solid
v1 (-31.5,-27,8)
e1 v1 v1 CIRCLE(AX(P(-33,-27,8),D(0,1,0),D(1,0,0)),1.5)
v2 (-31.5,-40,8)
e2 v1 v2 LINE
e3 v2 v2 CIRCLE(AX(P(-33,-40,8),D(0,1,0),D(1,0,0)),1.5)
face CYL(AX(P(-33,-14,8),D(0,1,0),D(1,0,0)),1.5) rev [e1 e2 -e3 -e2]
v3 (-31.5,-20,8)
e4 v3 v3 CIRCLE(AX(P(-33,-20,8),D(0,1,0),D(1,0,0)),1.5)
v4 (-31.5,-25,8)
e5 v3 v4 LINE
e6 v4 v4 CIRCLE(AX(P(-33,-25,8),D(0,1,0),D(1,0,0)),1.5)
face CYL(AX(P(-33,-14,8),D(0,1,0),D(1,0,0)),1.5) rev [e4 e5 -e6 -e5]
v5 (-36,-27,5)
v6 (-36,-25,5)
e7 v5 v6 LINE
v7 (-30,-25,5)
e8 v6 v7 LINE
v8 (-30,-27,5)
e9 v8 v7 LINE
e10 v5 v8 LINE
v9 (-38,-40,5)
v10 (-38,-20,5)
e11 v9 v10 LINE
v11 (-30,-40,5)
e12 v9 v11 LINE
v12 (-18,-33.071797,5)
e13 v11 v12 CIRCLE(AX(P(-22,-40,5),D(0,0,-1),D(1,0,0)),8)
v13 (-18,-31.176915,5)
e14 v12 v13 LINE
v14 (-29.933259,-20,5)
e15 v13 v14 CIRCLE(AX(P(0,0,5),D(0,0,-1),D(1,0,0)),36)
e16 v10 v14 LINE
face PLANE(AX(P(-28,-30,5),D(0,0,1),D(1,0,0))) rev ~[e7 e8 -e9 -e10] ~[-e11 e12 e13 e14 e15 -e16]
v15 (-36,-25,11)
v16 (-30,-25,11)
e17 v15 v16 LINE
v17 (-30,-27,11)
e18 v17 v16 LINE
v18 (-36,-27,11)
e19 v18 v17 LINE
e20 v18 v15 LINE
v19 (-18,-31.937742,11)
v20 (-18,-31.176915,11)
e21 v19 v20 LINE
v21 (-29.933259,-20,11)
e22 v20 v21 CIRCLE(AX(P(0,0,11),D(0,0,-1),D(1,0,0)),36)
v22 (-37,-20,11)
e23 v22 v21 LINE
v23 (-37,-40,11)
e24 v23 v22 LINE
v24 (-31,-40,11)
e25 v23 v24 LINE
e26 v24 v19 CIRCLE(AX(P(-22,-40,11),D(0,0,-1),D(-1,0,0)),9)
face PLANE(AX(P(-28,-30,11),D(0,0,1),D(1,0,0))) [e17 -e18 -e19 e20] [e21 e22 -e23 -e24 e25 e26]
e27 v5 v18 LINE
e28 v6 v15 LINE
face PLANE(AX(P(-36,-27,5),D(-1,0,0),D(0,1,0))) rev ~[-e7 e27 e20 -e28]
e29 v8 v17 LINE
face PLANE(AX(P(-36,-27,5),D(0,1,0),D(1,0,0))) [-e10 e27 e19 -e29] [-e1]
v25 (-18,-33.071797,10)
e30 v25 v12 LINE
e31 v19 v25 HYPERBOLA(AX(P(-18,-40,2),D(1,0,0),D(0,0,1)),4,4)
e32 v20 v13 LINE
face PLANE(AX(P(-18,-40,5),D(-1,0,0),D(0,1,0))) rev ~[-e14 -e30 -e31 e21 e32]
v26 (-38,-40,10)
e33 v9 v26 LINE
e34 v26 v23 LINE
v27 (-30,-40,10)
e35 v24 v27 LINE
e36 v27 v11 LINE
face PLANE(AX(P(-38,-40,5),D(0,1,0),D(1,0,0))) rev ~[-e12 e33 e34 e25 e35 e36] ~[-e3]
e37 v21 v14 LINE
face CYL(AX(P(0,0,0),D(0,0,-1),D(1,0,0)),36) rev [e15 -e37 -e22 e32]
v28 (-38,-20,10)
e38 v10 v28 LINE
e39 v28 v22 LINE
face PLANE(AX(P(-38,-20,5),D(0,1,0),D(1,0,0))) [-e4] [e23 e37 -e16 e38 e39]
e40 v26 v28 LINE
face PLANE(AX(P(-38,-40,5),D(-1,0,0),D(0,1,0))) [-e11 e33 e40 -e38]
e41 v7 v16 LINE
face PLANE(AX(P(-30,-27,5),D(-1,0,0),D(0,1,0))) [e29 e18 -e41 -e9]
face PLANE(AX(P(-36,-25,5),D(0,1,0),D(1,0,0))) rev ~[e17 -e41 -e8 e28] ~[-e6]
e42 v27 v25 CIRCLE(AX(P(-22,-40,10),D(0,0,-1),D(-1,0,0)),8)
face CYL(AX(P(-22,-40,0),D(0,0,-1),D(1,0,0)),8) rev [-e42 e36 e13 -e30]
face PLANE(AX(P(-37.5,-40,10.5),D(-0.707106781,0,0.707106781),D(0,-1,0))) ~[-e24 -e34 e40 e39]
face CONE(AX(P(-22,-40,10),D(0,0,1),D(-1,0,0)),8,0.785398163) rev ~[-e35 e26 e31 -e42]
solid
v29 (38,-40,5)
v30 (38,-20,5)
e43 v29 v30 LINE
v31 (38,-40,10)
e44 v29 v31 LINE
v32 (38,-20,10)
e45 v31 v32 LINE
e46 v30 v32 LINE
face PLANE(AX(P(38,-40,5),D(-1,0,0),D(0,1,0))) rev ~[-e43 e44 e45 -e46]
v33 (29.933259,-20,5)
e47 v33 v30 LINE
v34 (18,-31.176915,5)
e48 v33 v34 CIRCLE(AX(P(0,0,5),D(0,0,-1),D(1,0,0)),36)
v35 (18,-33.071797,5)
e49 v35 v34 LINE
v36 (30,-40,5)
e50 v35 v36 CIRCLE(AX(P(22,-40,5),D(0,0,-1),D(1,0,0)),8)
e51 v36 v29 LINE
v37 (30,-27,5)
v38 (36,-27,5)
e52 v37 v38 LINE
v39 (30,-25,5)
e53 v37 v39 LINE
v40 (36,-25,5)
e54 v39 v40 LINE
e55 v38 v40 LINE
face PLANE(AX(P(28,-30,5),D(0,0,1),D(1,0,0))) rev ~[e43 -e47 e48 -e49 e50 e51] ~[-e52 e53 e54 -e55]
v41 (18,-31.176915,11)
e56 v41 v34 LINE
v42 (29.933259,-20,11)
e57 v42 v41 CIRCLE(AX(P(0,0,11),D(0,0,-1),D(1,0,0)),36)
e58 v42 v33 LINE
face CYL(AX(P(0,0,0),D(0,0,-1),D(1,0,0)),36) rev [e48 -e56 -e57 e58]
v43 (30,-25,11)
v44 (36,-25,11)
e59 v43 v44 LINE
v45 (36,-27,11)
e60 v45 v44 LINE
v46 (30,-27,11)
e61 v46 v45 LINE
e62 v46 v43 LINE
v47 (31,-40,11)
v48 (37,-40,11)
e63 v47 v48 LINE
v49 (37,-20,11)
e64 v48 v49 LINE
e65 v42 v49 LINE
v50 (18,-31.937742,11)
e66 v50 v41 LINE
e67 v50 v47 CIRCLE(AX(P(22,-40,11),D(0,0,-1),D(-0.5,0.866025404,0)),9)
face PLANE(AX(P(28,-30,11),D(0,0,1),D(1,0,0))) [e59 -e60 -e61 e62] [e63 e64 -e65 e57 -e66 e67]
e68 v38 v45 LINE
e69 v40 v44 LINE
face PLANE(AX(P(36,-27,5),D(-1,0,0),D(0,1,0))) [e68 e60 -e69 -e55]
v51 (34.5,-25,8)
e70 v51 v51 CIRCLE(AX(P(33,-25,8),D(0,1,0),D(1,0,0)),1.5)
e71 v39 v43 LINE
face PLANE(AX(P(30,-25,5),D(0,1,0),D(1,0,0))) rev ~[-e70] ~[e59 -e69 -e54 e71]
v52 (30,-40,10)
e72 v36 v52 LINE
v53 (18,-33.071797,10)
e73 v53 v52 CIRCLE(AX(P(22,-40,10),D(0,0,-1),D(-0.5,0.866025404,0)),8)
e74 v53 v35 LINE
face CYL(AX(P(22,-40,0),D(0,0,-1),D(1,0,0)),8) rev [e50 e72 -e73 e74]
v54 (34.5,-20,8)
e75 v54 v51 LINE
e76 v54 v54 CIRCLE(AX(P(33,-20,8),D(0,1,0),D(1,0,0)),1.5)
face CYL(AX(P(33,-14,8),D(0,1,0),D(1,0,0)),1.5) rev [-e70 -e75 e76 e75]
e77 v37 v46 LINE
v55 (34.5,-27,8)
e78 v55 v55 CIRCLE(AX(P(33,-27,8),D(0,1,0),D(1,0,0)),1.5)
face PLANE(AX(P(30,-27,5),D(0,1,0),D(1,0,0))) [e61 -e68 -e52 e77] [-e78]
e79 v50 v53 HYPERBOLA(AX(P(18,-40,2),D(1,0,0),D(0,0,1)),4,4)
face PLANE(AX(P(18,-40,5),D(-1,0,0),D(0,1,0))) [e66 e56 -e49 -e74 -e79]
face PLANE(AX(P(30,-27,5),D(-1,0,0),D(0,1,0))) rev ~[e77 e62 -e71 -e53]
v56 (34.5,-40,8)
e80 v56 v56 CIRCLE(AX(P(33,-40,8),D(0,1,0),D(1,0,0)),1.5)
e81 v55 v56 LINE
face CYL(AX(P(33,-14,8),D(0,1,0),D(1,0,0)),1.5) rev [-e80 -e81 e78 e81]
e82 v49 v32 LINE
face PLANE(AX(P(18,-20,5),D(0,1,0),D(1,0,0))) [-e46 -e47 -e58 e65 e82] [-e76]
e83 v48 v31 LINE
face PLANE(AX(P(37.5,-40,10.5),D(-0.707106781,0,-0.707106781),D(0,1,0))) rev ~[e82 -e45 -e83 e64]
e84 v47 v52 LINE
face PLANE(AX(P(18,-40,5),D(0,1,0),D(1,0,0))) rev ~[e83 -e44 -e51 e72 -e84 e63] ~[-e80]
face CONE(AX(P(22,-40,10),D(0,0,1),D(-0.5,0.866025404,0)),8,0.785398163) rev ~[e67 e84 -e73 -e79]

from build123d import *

# Parameters (mm, degrees)
CYLINDER2842_R     = 1.5
CYLINDER2842_DEPTH = 60
CYLINDER2839_R     = 1.5
CYLINDER2839_DEPTH = 60
BOX1062_W          = 6
BOX1062_H          = 2
BOX1062_DEPTH      = 6
BOX1060_W          = 6
BOX1060_H          = 2
BOX1060_DEPTH      = 6
CYLINDER2821_R     = 36
CYLINDER2821_DEPTH = 16
CYLINDER2820_R     = 8
CYLINDER2820_DEPTH = 16
CYLINDER2818_R     = 8
CYLINDER2818_DEPTH = 16
BOX1053_W          = 20
BOX1053_H          = 20
BOX1053_DEPTH      = 6
BOX1056_W          = 20
BOX1056_H          = 20
BOX1056_DEPTH      = 6
CHAMFER148_SIZE    = 1
CHAMFER153_SIZE    = 1
CHAMFER155_SIZE    = 1
CHAMFER152_SIZE    = 1


with BuildPart() as v_lec2812:
    # Cylinder2842 → Cylinder2842 (new body)
    with BuildSketch(Plane(origin=(33, -10, 8), x_dir=(1, 0, 0), z_dir=(0, -1, 0))):
        Circle(CYLINDER2842_R)
    extrude(amount=CYLINDER2842_DEPTH)


with BuildPart() as compound1267:
    # Cylinder2839 → Cylinder2839 (new body)
    with BuildSketch(Plane(origin=(-33, -10, 8), x_dir=(1, 0, 0), z_dir=(0, -1, 0))):
        Circle(CYLINDER2839_R)
    extrude(amount=CYLINDER2839_DEPTH)

    # Compound1267: union Válec2812
    add(v_lec2812.part)


with BuildPart() as compound1267_1:
    # Compound1267 placement: moved
    add(compound1267.part.moved(Location((0, -4, 0))))


with BuildPart() as krychle1061:
    # Box1062 → Box1062 (new body)
    with BuildSketch(Plane(origin=(-36, -27, 5), x_dir=(1, 0, 0), z_dir=(0, 0, 1))):
        with Locations((3, 1)):
            Rectangle(BOX1062_W, BOX1062_H)
    extrude(amount=BOX1062_DEPTH)


with BuildPart() as compound1266:
    # Box1060 → Box1060 (new body)
    with BuildSketch(Plane(origin=(30, -27, 5), x_dir=(1, 0, 0), z_dir=(0, 0, 1))):
        with Locations((3, 1)):
            Rectangle(BOX1060_W, BOX1060_H)
    extrude(amount=BOX1060_DEPTH)

    # Compound1266: union Krychle1061
    add(krychle1061.part)


with BuildPart() as v_lec2791:
    # Cylinder2821 → Cylinder2821 (new body)
    with BuildSketch(Plane.XY):
        Circle(CYLINDER2821_R)
    extrude(amount=CYLINDER2821_DEPTH)


with BuildPart() as v_lec2790:
    # Cylinder2820 → Cylinder2820 (new body)
    with BuildSketch(Plane(origin=(-22, -40, 0), x_dir=(1, 0, 0), z_dir=(0, 0, 1))):
        Circle(CYLINDER2820_R)
    extrude(amount=CYLINDER2820_DEPTH)


with BuildPart() as compound1255:
    # Cylinder2818 → Cylinder2818 (new body)
    with BuildSketch(Plane(origin=(22, -40, 0), x_dir=(1, 0, 0), z_dir=(0, 0, 1))):
        Circle(CYLINDER2818_R)
    extrude(amount=CYLINDER2818_DEPTH)

    # Compound1255: union Válec2790
    add(v_lec2790.part)


with BuildPart() as krychle1052:
    # Box1053 → Box1053 (new body)
    with BuildSketch(Plane(origin=(-38, -40, 5), x_dir=(1, 0, 0), z_dir=(0, 0, 1))):
        with Locations((10, 10)):
            Rectangle(BOX1053_W, BOX1053_H)
    extrude(amount=BOX1053_DEPTH)


with BuildPart() as cut1084:
    # Box1056 → Box1056 (new body)
    with BuildSketch(Plane(origin=(18, -40, 5), x_dir=(1, 0, 0), z_dir=(0, 0, 1))):
        with Locations((10, 10)):
            Rectangle(BOX1056_W, BOX1056_H)
    extrude(amount=BOX1056_DEPTH)

    # Compound1264: union Krychle1052
    add(krychle1052.part)

    # Cut1073: cut Compound1255
    add(compound1255.part, mode=Mode.SUBTRACT)

    # Chamfer148
    chamfer148_edges = [cut1084.edges().sort_by_distance(p)[0] for p in [
        (26, -33.071797, 11),
    ]]
    chamfer(chamfer148_edges, length=CHAMFER148_SIZE)

    # Chamfer153
    chamfer153_edges = [cut1084.edges().sort_by_distance(p)[0] for p in [
        (38, -30, 11),
    ]]
    chamfer(chamfer153_edges, length=CHAMFER153_SIZE)

    # Chamfer155
    chamfer155_edges = [cut1084.edges().sort_by_distance(p)[0] for p in [
        (-38, -30, 11),
    ]]
    chamfer(chamfer155_edges, length=CHAMFER155_SIZE)

    # Chamfer152
    chamfer152_edges = [cut1084.edges().sort_by_distance(p)[0] for p in [
        (-26, -33.071797, 11),
    ]]
    chamfer(chamfer152_edges, length=CHAMFER152_SIZE)

    # Cut1075: cut Válec2791
    add(v_lec2791.part, mode=Mode.SUBTRACT)

    # Cut1071: cut Compound1266
    add(compound1266.part, mode=Mode.SUBTRACT)

    # Cut1084: cut Compound1267
    add(compound1267_1.part, mode=Mode.SUBTRACT)


solid = cut1084.part
